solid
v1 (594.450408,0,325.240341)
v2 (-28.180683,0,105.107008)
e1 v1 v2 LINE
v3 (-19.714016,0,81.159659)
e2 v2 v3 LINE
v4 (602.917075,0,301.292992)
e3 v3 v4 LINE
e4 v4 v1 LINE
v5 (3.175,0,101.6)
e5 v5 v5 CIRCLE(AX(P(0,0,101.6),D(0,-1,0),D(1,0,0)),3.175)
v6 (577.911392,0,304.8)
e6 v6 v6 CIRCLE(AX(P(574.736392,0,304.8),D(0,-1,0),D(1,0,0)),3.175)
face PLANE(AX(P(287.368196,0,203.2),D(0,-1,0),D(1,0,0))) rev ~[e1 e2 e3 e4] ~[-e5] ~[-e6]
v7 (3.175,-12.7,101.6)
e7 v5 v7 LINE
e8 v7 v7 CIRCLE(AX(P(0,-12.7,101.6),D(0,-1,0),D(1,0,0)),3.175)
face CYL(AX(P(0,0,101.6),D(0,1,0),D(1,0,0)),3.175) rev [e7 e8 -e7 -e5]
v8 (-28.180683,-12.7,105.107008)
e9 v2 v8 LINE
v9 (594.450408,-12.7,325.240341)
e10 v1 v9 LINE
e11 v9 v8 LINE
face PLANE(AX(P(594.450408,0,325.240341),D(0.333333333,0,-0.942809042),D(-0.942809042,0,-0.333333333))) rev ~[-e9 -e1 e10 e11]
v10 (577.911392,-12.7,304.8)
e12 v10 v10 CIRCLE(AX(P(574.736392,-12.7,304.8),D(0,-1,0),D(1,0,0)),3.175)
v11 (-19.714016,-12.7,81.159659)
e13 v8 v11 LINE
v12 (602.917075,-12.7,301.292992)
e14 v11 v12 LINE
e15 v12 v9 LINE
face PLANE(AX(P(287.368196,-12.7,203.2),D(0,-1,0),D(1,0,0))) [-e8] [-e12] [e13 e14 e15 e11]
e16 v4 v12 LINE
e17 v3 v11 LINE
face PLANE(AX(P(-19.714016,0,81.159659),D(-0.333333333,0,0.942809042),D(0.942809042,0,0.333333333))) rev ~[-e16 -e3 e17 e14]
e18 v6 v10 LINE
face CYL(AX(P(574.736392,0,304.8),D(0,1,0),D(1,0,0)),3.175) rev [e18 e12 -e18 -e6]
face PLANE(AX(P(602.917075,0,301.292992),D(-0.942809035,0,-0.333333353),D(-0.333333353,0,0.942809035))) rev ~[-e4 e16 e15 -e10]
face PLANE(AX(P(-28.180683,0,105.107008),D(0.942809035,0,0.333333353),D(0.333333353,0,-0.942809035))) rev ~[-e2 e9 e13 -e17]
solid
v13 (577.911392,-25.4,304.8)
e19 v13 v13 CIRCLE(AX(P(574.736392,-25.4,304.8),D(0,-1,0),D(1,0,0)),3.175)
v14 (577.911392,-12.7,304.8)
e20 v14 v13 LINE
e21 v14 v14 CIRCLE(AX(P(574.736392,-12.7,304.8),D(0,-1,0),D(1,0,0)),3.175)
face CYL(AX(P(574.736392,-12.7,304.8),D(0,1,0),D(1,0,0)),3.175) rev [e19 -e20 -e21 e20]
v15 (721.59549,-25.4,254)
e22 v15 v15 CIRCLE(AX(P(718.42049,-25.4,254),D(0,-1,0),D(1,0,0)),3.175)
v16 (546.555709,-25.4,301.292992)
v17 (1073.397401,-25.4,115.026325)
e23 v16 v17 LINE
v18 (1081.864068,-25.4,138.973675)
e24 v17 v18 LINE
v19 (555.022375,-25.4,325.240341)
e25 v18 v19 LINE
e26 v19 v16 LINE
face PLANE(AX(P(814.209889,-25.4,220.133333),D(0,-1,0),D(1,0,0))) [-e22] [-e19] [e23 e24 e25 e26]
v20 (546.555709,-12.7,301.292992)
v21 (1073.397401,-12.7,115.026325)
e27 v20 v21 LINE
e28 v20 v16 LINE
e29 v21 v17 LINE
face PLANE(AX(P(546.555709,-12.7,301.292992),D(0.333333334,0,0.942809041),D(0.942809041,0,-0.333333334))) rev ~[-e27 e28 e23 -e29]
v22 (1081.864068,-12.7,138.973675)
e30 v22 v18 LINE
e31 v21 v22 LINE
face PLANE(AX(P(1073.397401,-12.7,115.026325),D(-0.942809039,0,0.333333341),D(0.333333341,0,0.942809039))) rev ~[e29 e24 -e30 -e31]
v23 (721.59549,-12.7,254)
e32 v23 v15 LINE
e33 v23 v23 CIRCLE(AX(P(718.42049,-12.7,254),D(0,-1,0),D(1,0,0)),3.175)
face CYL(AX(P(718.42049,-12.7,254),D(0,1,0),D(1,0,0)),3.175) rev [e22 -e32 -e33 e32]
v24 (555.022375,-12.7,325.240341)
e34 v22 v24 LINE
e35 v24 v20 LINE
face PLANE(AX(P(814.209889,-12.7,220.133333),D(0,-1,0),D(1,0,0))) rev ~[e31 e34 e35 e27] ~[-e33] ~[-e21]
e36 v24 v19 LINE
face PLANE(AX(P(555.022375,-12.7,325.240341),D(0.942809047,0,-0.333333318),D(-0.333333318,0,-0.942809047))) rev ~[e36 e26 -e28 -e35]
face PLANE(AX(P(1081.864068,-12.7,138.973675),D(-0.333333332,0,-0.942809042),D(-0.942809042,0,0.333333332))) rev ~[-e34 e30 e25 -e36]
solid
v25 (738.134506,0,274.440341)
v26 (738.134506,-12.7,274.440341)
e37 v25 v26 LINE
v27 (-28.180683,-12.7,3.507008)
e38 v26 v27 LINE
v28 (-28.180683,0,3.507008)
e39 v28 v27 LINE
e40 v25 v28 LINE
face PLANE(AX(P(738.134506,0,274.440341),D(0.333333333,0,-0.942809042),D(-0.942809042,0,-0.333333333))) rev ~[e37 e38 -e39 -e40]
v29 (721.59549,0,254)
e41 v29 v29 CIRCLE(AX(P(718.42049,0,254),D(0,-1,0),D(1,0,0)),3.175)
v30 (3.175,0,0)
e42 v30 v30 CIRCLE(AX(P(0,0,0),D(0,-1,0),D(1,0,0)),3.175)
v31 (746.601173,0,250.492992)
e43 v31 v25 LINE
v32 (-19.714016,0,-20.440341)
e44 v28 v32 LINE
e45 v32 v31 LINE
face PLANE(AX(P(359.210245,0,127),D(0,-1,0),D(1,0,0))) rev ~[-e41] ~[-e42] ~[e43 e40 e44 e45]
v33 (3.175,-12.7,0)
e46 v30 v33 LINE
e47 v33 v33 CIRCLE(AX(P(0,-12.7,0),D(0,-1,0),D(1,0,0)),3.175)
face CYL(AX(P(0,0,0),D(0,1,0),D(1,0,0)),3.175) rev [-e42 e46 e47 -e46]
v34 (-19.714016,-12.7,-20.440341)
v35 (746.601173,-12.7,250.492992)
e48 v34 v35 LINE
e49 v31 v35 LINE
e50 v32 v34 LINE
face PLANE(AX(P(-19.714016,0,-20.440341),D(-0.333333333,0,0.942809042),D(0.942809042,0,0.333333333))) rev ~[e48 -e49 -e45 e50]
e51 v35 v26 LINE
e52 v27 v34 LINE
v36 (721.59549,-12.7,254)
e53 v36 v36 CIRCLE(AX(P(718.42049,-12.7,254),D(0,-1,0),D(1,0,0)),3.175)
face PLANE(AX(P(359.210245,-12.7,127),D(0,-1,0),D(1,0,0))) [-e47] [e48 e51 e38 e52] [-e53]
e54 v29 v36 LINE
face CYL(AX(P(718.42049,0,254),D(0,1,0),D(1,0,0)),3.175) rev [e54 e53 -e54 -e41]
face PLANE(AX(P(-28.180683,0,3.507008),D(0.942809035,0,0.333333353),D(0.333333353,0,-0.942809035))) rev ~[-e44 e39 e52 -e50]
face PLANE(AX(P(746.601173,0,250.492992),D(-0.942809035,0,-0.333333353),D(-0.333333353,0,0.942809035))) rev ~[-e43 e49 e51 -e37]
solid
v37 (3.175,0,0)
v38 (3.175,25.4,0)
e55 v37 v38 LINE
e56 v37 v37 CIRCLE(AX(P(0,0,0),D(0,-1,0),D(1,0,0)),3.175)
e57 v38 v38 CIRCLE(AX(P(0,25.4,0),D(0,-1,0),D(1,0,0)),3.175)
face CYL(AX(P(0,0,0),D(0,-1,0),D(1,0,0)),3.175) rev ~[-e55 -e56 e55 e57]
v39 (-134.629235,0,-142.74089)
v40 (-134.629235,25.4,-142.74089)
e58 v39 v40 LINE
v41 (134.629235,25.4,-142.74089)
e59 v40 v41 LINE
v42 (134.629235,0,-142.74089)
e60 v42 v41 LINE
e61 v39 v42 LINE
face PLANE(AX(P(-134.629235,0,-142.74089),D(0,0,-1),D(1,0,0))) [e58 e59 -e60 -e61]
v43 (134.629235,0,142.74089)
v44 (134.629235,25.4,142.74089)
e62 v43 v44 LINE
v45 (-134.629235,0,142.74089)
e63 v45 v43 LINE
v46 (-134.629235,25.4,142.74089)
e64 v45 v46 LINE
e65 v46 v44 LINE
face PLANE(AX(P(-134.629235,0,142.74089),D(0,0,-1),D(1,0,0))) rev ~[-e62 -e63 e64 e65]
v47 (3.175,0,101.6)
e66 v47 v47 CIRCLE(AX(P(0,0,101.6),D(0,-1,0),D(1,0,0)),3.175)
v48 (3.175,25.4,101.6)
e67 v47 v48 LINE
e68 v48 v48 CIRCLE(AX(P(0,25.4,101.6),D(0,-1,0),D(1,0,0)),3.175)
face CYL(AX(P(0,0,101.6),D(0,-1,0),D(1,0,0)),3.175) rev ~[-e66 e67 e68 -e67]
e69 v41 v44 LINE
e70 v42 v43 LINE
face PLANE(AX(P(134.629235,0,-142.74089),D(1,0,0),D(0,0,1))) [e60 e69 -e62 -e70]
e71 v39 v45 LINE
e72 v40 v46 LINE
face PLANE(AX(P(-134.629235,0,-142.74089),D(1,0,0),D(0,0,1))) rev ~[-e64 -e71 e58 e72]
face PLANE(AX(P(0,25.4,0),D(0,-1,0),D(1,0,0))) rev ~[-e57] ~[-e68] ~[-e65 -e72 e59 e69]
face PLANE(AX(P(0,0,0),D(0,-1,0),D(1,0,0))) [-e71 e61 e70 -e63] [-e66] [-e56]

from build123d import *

# Parameters (mm, degrees)
F1_R     = 3.175
F2_DEPTH = 12.7
F3_R     = 3.175
F4_DEPTH = 12.7
F5_W     = 269.25847
F5_H     = 285.48178
F5_R     = 3.175
F6_DEPTH = 25.4


with BuildPart() as f2:
    # F1 (on Front) → F2 (new body)
    with BuildSketch(Plane.XZ):
        Polygon((-28.180683, 105.107008), (-19.714016, 81.159659), (602.917075, 301.292992), (594.450408, 325.240341), align=None)
        with Locations((0, 101.6)):
            Circle(F1_R, mode=Mode.SUBTRACT)
        with Locations((574.736392, 304.8)):
            Circle(F1_R, mode=Mode.SUBTRACT)
        Polygon((-28.180683, 3.507008), (-19.714016, -20.440341), (746.601173, 250.492992), (738.134506, 274.440341), align=None)
        Circle(F1_R, mode=Mode.SUBTRACT)
        with Locations((718.42049, 254)):
            Circle(F1_R, mode=Mode.SUBTRACT)
    extrude(amount=F2_DEPTH)


with BuildPart() as f4:
    # F3 (on face) → F4 (new body)
    with BuildSketch(Plane.XZ.offset(12.7)):
        Polygon((1081.864068, 138.973675), (555.022375, 325.240341), (546.555709, 301.292992), (1073.397401, 115.026325), align=None)
        with Locations((718.42049, 254)):
            Circle(F3_R, mode=Mode.SUBTRACT)
        with Locations((574.736392, 304.8)):
            Circle(F3_R, mode=Mode.SUBTRACT)
    extrude(amount=F4_DEPTH)


with BuildPart() as f6:
    # F5 (on Front) → F6 (new body)
    with BuildSketch(Plane.XZ):
        Rectangle(F5_W, F5_H)
        Circle(F5_R, mode=Mode.SUBTRACT)
        with Locations((0, 101.6)):
            Circle(F5_R, mode=Mode.SUBTRACT)
    extrude(amount=-F6_DEPTH)


solid = Compound([f2.part, f4.part, f6.part])
